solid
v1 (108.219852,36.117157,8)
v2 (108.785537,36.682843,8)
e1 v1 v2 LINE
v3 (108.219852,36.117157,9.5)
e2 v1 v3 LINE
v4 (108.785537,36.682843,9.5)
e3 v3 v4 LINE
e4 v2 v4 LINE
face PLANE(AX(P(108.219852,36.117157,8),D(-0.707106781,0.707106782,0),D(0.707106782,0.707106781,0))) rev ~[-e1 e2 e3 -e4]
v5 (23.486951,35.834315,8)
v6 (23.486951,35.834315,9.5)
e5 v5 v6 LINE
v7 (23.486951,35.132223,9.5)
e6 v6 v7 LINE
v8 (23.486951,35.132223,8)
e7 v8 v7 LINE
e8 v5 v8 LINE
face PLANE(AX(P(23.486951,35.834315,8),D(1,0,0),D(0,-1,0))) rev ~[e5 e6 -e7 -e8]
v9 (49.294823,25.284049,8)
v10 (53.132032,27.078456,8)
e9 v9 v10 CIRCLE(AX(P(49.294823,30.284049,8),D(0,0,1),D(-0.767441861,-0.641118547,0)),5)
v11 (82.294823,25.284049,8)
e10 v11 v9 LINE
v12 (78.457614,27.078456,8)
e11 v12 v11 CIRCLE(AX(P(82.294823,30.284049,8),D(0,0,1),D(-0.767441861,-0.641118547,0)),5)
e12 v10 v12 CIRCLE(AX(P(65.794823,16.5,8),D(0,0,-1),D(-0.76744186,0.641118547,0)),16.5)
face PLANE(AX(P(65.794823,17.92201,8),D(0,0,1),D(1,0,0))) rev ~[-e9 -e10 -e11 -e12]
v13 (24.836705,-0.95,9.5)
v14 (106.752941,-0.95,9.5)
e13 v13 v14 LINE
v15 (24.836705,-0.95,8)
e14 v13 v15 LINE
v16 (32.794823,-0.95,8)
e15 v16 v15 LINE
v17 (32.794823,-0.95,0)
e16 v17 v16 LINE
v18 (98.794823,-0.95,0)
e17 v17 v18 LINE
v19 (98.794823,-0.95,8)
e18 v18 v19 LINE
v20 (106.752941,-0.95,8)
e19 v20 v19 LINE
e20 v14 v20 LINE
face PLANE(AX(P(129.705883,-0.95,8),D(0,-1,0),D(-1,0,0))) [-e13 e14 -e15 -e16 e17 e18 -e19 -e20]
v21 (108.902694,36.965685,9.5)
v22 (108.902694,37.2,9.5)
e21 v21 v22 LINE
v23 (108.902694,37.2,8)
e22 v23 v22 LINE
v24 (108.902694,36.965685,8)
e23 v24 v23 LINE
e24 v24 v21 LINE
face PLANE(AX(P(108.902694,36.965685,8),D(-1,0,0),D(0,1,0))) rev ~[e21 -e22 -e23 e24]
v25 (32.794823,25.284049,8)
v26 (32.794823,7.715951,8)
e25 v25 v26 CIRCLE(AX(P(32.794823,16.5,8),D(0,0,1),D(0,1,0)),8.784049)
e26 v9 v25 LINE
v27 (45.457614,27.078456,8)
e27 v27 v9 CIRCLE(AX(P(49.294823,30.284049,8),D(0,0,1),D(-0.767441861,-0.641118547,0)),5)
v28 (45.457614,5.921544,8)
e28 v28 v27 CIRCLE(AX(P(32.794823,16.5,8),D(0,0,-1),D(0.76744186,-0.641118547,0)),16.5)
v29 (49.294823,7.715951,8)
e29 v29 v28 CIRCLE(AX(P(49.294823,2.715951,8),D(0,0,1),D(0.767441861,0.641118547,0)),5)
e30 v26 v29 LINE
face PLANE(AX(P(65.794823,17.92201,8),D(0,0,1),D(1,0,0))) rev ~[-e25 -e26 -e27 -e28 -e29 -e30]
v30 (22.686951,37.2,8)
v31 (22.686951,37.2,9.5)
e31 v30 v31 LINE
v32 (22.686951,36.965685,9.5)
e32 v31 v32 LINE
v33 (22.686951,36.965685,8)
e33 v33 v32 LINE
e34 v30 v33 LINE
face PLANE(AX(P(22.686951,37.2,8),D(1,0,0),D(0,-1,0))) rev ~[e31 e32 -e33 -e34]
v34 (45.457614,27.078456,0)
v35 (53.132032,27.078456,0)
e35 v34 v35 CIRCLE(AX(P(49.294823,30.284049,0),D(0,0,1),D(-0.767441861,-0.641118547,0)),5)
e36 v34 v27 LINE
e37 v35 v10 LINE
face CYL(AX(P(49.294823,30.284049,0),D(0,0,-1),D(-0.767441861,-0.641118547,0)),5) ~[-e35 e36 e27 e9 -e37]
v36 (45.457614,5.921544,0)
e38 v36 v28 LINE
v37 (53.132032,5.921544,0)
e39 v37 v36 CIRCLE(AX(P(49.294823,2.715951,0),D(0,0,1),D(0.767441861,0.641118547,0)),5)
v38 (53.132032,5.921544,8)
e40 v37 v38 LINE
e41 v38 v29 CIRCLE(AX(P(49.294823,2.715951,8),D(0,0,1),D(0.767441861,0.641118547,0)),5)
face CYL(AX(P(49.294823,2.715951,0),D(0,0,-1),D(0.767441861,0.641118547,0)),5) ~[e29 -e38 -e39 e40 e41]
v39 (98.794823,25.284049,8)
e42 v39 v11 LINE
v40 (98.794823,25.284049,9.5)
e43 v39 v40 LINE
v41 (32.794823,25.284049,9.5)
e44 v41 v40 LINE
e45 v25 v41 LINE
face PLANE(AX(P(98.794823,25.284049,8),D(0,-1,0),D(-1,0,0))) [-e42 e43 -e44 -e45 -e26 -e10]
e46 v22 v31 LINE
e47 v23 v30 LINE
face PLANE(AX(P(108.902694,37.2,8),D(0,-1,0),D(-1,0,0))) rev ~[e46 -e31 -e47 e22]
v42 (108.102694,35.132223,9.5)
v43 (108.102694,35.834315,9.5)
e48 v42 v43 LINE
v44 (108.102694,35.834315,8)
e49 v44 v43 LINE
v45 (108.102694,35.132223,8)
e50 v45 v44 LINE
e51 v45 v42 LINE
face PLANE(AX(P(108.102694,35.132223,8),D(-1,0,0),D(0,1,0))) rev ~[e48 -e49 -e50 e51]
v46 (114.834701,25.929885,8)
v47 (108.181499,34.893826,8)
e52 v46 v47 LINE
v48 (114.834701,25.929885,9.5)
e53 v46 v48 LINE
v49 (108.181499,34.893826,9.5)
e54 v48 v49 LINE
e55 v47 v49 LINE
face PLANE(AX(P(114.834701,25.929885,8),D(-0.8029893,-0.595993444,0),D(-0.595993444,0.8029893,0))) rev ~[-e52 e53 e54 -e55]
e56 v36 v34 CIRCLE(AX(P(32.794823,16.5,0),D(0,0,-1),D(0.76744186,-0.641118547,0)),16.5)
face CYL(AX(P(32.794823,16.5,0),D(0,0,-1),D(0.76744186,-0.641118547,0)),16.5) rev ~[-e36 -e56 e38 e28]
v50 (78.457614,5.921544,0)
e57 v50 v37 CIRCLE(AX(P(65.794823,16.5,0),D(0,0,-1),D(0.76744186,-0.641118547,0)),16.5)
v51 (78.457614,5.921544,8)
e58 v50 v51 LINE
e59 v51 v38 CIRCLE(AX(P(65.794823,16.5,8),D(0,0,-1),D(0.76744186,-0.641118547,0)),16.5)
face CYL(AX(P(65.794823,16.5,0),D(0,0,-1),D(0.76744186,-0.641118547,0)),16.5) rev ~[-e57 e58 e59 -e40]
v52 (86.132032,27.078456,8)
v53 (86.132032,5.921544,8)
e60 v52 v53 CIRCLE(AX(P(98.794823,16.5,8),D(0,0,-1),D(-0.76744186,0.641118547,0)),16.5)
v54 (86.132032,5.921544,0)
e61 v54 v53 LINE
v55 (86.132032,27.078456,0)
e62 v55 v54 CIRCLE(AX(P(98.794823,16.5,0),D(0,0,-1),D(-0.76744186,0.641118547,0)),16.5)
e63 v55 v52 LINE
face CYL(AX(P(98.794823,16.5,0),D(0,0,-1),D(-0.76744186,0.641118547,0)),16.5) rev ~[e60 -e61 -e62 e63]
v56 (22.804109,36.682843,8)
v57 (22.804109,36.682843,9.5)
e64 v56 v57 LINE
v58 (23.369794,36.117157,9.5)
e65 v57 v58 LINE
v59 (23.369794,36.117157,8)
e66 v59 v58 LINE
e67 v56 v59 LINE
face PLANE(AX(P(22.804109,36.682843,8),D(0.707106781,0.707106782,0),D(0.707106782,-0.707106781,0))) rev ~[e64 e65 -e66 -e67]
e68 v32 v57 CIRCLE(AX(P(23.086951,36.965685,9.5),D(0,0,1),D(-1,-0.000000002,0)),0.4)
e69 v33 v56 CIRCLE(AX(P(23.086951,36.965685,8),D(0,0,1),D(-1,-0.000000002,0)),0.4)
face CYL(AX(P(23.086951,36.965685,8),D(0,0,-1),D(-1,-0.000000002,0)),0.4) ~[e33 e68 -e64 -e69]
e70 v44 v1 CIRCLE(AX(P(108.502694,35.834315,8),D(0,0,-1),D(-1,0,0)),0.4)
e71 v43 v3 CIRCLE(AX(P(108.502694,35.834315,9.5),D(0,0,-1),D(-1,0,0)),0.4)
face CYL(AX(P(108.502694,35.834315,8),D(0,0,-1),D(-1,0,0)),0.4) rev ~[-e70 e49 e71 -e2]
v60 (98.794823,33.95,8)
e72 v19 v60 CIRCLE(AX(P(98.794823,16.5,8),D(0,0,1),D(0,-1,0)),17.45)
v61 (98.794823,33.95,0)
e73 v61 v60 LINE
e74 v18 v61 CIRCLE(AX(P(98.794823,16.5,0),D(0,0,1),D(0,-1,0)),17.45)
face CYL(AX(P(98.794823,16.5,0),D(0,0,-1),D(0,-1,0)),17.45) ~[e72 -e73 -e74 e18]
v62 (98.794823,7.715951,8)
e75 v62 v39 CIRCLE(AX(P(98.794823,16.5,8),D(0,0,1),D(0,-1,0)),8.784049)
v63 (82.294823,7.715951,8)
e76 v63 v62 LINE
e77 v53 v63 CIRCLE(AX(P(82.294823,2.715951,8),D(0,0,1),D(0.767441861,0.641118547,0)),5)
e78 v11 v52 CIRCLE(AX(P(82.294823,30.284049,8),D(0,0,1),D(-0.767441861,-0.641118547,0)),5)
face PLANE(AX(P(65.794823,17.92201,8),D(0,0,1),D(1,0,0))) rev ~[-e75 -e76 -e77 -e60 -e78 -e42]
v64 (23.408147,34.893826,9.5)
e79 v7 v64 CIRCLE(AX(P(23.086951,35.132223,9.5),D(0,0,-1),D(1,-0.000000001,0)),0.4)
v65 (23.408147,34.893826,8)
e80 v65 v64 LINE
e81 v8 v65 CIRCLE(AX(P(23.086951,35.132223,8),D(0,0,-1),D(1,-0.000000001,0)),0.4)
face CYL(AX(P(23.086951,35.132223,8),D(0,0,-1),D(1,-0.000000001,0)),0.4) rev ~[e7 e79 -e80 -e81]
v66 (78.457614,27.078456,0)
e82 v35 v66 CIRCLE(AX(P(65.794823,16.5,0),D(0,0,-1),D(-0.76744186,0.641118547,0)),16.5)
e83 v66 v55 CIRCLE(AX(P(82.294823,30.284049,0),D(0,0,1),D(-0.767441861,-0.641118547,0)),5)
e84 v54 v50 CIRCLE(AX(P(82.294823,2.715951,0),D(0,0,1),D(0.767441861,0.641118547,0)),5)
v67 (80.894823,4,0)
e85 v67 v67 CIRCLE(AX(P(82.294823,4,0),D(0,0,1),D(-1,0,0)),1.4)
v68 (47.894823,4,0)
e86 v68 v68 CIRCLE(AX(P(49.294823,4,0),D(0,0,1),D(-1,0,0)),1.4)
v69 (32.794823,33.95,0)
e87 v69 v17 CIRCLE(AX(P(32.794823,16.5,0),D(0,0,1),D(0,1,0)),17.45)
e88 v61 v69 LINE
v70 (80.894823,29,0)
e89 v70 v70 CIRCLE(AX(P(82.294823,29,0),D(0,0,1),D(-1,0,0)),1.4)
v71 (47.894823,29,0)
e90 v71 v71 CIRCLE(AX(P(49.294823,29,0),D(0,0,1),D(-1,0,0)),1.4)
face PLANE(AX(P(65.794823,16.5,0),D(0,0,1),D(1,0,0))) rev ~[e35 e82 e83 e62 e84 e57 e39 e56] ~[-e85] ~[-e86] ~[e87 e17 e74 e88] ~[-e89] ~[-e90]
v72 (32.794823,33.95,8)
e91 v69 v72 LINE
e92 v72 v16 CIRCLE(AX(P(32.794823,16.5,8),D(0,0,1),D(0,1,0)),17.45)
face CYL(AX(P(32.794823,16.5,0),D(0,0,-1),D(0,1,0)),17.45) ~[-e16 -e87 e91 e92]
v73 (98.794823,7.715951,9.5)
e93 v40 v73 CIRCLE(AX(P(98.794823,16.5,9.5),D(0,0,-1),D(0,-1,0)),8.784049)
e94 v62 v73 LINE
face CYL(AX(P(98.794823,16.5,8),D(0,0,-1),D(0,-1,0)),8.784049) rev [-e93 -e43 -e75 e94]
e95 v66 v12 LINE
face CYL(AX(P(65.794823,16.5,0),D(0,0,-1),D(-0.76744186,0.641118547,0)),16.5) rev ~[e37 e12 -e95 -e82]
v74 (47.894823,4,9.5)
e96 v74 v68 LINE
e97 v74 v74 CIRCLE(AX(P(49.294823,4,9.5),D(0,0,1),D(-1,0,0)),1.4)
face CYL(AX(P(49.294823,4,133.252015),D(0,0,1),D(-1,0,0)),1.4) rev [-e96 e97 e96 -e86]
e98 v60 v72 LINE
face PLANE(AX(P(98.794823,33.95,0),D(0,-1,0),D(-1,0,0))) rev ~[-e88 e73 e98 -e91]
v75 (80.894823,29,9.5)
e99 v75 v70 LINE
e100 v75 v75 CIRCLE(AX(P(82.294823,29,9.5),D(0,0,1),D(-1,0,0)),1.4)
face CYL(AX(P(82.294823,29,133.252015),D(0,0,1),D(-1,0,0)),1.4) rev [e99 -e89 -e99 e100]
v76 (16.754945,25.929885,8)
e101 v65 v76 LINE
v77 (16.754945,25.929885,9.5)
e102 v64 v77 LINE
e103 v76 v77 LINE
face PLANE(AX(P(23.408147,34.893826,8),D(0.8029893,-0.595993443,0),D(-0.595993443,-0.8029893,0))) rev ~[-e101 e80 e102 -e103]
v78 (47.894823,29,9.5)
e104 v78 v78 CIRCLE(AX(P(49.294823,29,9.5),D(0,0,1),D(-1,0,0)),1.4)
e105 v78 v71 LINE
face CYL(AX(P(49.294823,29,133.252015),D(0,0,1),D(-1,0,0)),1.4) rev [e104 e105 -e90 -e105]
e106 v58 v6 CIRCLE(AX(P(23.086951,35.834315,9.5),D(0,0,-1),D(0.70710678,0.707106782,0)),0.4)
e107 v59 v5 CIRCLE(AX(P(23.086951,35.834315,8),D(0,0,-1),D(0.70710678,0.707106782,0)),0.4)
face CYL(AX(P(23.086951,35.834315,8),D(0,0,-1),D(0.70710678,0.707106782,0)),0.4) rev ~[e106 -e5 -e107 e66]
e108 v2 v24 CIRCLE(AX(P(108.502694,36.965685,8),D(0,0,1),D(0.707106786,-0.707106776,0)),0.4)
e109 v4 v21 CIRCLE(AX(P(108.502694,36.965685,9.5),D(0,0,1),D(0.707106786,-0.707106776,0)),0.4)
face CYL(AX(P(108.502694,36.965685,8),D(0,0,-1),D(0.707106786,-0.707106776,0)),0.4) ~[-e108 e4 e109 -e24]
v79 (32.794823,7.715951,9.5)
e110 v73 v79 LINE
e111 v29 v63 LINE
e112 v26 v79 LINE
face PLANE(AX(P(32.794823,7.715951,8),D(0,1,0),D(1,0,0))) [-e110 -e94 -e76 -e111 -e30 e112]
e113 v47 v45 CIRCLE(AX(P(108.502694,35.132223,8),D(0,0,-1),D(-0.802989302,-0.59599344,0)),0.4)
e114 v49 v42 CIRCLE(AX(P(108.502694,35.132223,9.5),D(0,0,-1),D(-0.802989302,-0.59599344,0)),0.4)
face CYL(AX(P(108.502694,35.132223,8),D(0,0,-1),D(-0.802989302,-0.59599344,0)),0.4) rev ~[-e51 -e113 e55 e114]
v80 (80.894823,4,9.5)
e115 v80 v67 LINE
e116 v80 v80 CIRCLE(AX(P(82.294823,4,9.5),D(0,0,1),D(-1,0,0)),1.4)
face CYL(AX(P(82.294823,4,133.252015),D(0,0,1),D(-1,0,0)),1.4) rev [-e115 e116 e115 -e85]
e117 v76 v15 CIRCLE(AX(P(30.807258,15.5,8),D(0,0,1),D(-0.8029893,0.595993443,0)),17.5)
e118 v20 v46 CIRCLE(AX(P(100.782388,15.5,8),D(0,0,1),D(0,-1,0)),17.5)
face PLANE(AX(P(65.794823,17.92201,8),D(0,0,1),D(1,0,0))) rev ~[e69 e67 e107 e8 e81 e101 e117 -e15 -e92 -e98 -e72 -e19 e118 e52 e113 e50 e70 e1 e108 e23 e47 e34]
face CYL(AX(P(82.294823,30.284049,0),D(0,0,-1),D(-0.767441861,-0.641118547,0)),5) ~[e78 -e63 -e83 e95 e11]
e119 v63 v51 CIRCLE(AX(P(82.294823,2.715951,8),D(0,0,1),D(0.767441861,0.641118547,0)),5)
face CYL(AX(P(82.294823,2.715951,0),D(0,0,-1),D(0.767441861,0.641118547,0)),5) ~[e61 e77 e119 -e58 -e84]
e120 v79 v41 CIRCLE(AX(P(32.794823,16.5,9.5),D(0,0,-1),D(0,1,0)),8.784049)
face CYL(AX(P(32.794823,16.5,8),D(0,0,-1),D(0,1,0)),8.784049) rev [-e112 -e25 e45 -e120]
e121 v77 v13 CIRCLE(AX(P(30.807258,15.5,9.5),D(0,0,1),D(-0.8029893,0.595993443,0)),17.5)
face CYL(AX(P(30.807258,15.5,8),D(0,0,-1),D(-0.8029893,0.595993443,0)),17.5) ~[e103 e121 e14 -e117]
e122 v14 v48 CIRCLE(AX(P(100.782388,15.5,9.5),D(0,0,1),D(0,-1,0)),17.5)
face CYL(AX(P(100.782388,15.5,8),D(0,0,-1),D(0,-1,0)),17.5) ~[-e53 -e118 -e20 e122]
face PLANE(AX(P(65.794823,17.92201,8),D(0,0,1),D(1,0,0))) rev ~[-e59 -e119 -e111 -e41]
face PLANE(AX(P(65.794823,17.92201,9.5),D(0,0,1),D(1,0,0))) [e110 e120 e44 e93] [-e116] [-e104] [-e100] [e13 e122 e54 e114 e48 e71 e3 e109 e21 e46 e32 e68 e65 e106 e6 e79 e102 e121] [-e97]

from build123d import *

# Parameters (mm, degrees)
SKETCH1_R               = 1.2
BOSS_EXTRUDE1_DEPTH     = 8
BOSS_EXTRUDE2_DEPTH     = 1.5
CUT_EXTRUDE1_DEPTH      = 125.252015178
CUT_EXTRUDE1_DEPTH_BACK = 125.252015178
SKETCH3_R               = 1.4
CUT_EXTRUDE2_DEPTH      = 125.252015178
SKETCH5_W               = 117.271867341
SKETCH5_H               = 6.016252737
CUT_EXTRUDE3_DEPTH      = 125.252015178


with BuildPart() as part:
    # Sketch1 → Boss-Extrude1 (new body)
    with BuildSketch(Plane.XY):
        with BuildLine():
            Line((32.794822831, -0.95), (98.794822831, -0.95))
            ThreePointArc((98.794822831, -0.95), (116.244822831, 16.5), (98.794822831, 33.95))
            Line((98.794822831, 33.95), (32.794822831, 33.95))
            ThreePointArc((32.794822831, 33.95), (15.344822831, 16.5), (32.794822831, -0.95))
        make_face()
        with Locations((82.294822831, 29)):
            Circle(SKETCH1_R, mode=Mode.SUBTRACT)
        with Locations((49.294822831, 4)):
            Circle(SKETCH1_R, mode=Mode.SUBTRACT)
        with Locations((82.294822831, 4)):
            Circle(SKETCH1_R, mode=Mode.SUBTRACT)
        with Locations((49.294822831, 29)):
            Circle(SKETCH1_R, mode=Mode.SUBTRACT)
        with BuildLine():
            ThreePointArc((86.132032133, 5.921543981), (82.294822831, 7.715951248), (78.457613529, 5.921543981))
            ThreePointArc((78.457613529, 5.921543981), (65.794822831, 0), (53.132032133, 5.921543981))
            ThreePointArc((53.132032133, 5.921543981), (49.294822831, 7.715951248), (45.457613529, 5.921543981))
            ThreePointArc((45.457613529, 5.921543981), (16.294822831, 16.5), (45.457613529, 27.078456019))
            ThreePointArc((45.457613529, 27.078456019), (49.294822831, 25.284048752), (53.132032133, 27.078456019))
            ThreePointArc((53.132032133, 27.078456019), (65.794822831, 33), (78.457613529, 27.078456019))
            ThreePointArc((78.457613529, 27.078456019), (82.294822831, 25.284048752), (86.132032133, 27.078456019))
            ThreePointArc((86.132032133, 27.078456019), (115.294822831, 16.5), (86.132032133, 5.921543981))
        make_face(mode=Mode.SUBTRACT)
    extrude(amount=BOSS_EXTRUDE1_DEPTH)

    # Sketch2 → Boss-Extrude2 (add)
    with BuildSketch(Plane.XY.offset(8)):
        with BuildLine():
            Line((30.807257811, -2), (100.782387851, -2))
            ThreePointArc((100.782387851, -2), (116.415253744, 7.634664408), (114.834700595, 25.929885261))
            Line((114.834700595, 25.929885261), (108.181498709, 34.893826024))
            ThreePointArc((108.181498709, 34.893826024), (108.122906141, 35.006681153), (108.102694429, 35.132223401))
            Line((108.102694429, 35.132223401), (108.102694429, 35.834314575))
            ThreePointArc((108.102694429, 35.834314575), (108.133142616, 35.987387948), (108.219851717, 36.117157288))
            Line((108.219851717, 36.117157288), (108.785537142, 36.682842712))
            ThreePointArc((108.785537142, 36.682842712), (108.872246242, 36.812612052), (108.902694429, 36.965685425))
            Line((108.902694429, 36.965685425), (108.902694429, 37.2))
            Line((108.902694429, 37.2), (22.686951233, 37.2))
            Line((22.686951233, 37.2), (22.686951233, 36.965685425))
            ThreePointArc((22.686951233, 36.965685425), (22.71739942, 36.812612052), (22.80410852, 36.682842712))
            Line((22.80410852, 36.682842712), (23.369793945, 36.117157288))
            ThreePointArc((23.369793945, 36.117157288), (23.456503046, 35.987387948), (23.486951233, 35.834314575))
            Line((23.486951233, 35.834314575), (23.486951233, 35.132223401))
            ThreePointArc((23.486951233, 35.132223401), (23.466739521, 35.006681153), (23.408146952, 34.893826024))
            Line((23.408146952, 34.893826024), (16.754945067, 25.929885261))
            ThreePointArc((16.754945067, 25.929885261), (15.174391918, 7.634664408), (30.807257811, -2))
        make_face()
    extrude(amount=BOSS_EXTRUDE2_DEPTH)

    # Sketch3 → Cut-Extrude1 (cut, two sides: drawn at the far end of the back side and taken through both)
    with BuildSketch(Plane(origin=(0, 0, 8), x_dir=(-1, 0, 0), z_dir=(0, 0, -1)).offset(-CUT_EXTRUDE1_DEPTH_BACK)):
        with Locations((-49.294822831, 29)):
            Circle(SKETCH3_R)
        with Locations((-49.294822831, 4)):
            Circle(SKETCH3_R)
        with Locations((-82.294822831, 4)):
            Circle(SKETCH3_R)
        with Locations((-82.294822831, 29)):
            Circle(SKETCH3_R)
    extrude(amount=CUT_EXTRUDE1_DEPTH + CUT_EXTRUDE1_DEPTH_BACK, mode=Mode.SUBTRACT)

    # Sketch4 → Cut-Extrude2 (cut, through all)
    with BuildSketch(Plane(origin=(0, 0, 8), x_dir=(-1, 0, 0), z_dir=(0, 0, -1))):
        with BuildLine():
            Line((-98.794822831, 25.284048752), (-32.794822831, 25.284048752))
            ThreePointArc((-32.794822831, 25.284048752), (-24.010774079, 16.5), (-32.794822831, 7.715951248))
            Line((-32.794822831, 7.715951248), (-98.794822831, 7.715951248))
            ThreePointArc((-98.794822831, 7.715951248), (-107.578871583, 16.5), (-98.794822831, 25.284048752))
        make_face()
    extrude(amount=-CUT_EXTRUDE2_DEPTH, mode=Mode.SUBTRACT)

    # Sketch5 → Cut-Extrude3 (cut, through all)
    with BuildSketch(Plane(origin=(0, 0, 8), x_dir=(-1, 0, 0), z_dir=(0, 0, -1))):
        with Locations((-71.069949673, -3.958126369)):
            Rectangle(SKETCH5_W, SKETCH5_H)
    extrude(amount=-CUT_EXTRUDE3_DEPTH, mode=Mode.SUBTRACT)


solid = part.part
